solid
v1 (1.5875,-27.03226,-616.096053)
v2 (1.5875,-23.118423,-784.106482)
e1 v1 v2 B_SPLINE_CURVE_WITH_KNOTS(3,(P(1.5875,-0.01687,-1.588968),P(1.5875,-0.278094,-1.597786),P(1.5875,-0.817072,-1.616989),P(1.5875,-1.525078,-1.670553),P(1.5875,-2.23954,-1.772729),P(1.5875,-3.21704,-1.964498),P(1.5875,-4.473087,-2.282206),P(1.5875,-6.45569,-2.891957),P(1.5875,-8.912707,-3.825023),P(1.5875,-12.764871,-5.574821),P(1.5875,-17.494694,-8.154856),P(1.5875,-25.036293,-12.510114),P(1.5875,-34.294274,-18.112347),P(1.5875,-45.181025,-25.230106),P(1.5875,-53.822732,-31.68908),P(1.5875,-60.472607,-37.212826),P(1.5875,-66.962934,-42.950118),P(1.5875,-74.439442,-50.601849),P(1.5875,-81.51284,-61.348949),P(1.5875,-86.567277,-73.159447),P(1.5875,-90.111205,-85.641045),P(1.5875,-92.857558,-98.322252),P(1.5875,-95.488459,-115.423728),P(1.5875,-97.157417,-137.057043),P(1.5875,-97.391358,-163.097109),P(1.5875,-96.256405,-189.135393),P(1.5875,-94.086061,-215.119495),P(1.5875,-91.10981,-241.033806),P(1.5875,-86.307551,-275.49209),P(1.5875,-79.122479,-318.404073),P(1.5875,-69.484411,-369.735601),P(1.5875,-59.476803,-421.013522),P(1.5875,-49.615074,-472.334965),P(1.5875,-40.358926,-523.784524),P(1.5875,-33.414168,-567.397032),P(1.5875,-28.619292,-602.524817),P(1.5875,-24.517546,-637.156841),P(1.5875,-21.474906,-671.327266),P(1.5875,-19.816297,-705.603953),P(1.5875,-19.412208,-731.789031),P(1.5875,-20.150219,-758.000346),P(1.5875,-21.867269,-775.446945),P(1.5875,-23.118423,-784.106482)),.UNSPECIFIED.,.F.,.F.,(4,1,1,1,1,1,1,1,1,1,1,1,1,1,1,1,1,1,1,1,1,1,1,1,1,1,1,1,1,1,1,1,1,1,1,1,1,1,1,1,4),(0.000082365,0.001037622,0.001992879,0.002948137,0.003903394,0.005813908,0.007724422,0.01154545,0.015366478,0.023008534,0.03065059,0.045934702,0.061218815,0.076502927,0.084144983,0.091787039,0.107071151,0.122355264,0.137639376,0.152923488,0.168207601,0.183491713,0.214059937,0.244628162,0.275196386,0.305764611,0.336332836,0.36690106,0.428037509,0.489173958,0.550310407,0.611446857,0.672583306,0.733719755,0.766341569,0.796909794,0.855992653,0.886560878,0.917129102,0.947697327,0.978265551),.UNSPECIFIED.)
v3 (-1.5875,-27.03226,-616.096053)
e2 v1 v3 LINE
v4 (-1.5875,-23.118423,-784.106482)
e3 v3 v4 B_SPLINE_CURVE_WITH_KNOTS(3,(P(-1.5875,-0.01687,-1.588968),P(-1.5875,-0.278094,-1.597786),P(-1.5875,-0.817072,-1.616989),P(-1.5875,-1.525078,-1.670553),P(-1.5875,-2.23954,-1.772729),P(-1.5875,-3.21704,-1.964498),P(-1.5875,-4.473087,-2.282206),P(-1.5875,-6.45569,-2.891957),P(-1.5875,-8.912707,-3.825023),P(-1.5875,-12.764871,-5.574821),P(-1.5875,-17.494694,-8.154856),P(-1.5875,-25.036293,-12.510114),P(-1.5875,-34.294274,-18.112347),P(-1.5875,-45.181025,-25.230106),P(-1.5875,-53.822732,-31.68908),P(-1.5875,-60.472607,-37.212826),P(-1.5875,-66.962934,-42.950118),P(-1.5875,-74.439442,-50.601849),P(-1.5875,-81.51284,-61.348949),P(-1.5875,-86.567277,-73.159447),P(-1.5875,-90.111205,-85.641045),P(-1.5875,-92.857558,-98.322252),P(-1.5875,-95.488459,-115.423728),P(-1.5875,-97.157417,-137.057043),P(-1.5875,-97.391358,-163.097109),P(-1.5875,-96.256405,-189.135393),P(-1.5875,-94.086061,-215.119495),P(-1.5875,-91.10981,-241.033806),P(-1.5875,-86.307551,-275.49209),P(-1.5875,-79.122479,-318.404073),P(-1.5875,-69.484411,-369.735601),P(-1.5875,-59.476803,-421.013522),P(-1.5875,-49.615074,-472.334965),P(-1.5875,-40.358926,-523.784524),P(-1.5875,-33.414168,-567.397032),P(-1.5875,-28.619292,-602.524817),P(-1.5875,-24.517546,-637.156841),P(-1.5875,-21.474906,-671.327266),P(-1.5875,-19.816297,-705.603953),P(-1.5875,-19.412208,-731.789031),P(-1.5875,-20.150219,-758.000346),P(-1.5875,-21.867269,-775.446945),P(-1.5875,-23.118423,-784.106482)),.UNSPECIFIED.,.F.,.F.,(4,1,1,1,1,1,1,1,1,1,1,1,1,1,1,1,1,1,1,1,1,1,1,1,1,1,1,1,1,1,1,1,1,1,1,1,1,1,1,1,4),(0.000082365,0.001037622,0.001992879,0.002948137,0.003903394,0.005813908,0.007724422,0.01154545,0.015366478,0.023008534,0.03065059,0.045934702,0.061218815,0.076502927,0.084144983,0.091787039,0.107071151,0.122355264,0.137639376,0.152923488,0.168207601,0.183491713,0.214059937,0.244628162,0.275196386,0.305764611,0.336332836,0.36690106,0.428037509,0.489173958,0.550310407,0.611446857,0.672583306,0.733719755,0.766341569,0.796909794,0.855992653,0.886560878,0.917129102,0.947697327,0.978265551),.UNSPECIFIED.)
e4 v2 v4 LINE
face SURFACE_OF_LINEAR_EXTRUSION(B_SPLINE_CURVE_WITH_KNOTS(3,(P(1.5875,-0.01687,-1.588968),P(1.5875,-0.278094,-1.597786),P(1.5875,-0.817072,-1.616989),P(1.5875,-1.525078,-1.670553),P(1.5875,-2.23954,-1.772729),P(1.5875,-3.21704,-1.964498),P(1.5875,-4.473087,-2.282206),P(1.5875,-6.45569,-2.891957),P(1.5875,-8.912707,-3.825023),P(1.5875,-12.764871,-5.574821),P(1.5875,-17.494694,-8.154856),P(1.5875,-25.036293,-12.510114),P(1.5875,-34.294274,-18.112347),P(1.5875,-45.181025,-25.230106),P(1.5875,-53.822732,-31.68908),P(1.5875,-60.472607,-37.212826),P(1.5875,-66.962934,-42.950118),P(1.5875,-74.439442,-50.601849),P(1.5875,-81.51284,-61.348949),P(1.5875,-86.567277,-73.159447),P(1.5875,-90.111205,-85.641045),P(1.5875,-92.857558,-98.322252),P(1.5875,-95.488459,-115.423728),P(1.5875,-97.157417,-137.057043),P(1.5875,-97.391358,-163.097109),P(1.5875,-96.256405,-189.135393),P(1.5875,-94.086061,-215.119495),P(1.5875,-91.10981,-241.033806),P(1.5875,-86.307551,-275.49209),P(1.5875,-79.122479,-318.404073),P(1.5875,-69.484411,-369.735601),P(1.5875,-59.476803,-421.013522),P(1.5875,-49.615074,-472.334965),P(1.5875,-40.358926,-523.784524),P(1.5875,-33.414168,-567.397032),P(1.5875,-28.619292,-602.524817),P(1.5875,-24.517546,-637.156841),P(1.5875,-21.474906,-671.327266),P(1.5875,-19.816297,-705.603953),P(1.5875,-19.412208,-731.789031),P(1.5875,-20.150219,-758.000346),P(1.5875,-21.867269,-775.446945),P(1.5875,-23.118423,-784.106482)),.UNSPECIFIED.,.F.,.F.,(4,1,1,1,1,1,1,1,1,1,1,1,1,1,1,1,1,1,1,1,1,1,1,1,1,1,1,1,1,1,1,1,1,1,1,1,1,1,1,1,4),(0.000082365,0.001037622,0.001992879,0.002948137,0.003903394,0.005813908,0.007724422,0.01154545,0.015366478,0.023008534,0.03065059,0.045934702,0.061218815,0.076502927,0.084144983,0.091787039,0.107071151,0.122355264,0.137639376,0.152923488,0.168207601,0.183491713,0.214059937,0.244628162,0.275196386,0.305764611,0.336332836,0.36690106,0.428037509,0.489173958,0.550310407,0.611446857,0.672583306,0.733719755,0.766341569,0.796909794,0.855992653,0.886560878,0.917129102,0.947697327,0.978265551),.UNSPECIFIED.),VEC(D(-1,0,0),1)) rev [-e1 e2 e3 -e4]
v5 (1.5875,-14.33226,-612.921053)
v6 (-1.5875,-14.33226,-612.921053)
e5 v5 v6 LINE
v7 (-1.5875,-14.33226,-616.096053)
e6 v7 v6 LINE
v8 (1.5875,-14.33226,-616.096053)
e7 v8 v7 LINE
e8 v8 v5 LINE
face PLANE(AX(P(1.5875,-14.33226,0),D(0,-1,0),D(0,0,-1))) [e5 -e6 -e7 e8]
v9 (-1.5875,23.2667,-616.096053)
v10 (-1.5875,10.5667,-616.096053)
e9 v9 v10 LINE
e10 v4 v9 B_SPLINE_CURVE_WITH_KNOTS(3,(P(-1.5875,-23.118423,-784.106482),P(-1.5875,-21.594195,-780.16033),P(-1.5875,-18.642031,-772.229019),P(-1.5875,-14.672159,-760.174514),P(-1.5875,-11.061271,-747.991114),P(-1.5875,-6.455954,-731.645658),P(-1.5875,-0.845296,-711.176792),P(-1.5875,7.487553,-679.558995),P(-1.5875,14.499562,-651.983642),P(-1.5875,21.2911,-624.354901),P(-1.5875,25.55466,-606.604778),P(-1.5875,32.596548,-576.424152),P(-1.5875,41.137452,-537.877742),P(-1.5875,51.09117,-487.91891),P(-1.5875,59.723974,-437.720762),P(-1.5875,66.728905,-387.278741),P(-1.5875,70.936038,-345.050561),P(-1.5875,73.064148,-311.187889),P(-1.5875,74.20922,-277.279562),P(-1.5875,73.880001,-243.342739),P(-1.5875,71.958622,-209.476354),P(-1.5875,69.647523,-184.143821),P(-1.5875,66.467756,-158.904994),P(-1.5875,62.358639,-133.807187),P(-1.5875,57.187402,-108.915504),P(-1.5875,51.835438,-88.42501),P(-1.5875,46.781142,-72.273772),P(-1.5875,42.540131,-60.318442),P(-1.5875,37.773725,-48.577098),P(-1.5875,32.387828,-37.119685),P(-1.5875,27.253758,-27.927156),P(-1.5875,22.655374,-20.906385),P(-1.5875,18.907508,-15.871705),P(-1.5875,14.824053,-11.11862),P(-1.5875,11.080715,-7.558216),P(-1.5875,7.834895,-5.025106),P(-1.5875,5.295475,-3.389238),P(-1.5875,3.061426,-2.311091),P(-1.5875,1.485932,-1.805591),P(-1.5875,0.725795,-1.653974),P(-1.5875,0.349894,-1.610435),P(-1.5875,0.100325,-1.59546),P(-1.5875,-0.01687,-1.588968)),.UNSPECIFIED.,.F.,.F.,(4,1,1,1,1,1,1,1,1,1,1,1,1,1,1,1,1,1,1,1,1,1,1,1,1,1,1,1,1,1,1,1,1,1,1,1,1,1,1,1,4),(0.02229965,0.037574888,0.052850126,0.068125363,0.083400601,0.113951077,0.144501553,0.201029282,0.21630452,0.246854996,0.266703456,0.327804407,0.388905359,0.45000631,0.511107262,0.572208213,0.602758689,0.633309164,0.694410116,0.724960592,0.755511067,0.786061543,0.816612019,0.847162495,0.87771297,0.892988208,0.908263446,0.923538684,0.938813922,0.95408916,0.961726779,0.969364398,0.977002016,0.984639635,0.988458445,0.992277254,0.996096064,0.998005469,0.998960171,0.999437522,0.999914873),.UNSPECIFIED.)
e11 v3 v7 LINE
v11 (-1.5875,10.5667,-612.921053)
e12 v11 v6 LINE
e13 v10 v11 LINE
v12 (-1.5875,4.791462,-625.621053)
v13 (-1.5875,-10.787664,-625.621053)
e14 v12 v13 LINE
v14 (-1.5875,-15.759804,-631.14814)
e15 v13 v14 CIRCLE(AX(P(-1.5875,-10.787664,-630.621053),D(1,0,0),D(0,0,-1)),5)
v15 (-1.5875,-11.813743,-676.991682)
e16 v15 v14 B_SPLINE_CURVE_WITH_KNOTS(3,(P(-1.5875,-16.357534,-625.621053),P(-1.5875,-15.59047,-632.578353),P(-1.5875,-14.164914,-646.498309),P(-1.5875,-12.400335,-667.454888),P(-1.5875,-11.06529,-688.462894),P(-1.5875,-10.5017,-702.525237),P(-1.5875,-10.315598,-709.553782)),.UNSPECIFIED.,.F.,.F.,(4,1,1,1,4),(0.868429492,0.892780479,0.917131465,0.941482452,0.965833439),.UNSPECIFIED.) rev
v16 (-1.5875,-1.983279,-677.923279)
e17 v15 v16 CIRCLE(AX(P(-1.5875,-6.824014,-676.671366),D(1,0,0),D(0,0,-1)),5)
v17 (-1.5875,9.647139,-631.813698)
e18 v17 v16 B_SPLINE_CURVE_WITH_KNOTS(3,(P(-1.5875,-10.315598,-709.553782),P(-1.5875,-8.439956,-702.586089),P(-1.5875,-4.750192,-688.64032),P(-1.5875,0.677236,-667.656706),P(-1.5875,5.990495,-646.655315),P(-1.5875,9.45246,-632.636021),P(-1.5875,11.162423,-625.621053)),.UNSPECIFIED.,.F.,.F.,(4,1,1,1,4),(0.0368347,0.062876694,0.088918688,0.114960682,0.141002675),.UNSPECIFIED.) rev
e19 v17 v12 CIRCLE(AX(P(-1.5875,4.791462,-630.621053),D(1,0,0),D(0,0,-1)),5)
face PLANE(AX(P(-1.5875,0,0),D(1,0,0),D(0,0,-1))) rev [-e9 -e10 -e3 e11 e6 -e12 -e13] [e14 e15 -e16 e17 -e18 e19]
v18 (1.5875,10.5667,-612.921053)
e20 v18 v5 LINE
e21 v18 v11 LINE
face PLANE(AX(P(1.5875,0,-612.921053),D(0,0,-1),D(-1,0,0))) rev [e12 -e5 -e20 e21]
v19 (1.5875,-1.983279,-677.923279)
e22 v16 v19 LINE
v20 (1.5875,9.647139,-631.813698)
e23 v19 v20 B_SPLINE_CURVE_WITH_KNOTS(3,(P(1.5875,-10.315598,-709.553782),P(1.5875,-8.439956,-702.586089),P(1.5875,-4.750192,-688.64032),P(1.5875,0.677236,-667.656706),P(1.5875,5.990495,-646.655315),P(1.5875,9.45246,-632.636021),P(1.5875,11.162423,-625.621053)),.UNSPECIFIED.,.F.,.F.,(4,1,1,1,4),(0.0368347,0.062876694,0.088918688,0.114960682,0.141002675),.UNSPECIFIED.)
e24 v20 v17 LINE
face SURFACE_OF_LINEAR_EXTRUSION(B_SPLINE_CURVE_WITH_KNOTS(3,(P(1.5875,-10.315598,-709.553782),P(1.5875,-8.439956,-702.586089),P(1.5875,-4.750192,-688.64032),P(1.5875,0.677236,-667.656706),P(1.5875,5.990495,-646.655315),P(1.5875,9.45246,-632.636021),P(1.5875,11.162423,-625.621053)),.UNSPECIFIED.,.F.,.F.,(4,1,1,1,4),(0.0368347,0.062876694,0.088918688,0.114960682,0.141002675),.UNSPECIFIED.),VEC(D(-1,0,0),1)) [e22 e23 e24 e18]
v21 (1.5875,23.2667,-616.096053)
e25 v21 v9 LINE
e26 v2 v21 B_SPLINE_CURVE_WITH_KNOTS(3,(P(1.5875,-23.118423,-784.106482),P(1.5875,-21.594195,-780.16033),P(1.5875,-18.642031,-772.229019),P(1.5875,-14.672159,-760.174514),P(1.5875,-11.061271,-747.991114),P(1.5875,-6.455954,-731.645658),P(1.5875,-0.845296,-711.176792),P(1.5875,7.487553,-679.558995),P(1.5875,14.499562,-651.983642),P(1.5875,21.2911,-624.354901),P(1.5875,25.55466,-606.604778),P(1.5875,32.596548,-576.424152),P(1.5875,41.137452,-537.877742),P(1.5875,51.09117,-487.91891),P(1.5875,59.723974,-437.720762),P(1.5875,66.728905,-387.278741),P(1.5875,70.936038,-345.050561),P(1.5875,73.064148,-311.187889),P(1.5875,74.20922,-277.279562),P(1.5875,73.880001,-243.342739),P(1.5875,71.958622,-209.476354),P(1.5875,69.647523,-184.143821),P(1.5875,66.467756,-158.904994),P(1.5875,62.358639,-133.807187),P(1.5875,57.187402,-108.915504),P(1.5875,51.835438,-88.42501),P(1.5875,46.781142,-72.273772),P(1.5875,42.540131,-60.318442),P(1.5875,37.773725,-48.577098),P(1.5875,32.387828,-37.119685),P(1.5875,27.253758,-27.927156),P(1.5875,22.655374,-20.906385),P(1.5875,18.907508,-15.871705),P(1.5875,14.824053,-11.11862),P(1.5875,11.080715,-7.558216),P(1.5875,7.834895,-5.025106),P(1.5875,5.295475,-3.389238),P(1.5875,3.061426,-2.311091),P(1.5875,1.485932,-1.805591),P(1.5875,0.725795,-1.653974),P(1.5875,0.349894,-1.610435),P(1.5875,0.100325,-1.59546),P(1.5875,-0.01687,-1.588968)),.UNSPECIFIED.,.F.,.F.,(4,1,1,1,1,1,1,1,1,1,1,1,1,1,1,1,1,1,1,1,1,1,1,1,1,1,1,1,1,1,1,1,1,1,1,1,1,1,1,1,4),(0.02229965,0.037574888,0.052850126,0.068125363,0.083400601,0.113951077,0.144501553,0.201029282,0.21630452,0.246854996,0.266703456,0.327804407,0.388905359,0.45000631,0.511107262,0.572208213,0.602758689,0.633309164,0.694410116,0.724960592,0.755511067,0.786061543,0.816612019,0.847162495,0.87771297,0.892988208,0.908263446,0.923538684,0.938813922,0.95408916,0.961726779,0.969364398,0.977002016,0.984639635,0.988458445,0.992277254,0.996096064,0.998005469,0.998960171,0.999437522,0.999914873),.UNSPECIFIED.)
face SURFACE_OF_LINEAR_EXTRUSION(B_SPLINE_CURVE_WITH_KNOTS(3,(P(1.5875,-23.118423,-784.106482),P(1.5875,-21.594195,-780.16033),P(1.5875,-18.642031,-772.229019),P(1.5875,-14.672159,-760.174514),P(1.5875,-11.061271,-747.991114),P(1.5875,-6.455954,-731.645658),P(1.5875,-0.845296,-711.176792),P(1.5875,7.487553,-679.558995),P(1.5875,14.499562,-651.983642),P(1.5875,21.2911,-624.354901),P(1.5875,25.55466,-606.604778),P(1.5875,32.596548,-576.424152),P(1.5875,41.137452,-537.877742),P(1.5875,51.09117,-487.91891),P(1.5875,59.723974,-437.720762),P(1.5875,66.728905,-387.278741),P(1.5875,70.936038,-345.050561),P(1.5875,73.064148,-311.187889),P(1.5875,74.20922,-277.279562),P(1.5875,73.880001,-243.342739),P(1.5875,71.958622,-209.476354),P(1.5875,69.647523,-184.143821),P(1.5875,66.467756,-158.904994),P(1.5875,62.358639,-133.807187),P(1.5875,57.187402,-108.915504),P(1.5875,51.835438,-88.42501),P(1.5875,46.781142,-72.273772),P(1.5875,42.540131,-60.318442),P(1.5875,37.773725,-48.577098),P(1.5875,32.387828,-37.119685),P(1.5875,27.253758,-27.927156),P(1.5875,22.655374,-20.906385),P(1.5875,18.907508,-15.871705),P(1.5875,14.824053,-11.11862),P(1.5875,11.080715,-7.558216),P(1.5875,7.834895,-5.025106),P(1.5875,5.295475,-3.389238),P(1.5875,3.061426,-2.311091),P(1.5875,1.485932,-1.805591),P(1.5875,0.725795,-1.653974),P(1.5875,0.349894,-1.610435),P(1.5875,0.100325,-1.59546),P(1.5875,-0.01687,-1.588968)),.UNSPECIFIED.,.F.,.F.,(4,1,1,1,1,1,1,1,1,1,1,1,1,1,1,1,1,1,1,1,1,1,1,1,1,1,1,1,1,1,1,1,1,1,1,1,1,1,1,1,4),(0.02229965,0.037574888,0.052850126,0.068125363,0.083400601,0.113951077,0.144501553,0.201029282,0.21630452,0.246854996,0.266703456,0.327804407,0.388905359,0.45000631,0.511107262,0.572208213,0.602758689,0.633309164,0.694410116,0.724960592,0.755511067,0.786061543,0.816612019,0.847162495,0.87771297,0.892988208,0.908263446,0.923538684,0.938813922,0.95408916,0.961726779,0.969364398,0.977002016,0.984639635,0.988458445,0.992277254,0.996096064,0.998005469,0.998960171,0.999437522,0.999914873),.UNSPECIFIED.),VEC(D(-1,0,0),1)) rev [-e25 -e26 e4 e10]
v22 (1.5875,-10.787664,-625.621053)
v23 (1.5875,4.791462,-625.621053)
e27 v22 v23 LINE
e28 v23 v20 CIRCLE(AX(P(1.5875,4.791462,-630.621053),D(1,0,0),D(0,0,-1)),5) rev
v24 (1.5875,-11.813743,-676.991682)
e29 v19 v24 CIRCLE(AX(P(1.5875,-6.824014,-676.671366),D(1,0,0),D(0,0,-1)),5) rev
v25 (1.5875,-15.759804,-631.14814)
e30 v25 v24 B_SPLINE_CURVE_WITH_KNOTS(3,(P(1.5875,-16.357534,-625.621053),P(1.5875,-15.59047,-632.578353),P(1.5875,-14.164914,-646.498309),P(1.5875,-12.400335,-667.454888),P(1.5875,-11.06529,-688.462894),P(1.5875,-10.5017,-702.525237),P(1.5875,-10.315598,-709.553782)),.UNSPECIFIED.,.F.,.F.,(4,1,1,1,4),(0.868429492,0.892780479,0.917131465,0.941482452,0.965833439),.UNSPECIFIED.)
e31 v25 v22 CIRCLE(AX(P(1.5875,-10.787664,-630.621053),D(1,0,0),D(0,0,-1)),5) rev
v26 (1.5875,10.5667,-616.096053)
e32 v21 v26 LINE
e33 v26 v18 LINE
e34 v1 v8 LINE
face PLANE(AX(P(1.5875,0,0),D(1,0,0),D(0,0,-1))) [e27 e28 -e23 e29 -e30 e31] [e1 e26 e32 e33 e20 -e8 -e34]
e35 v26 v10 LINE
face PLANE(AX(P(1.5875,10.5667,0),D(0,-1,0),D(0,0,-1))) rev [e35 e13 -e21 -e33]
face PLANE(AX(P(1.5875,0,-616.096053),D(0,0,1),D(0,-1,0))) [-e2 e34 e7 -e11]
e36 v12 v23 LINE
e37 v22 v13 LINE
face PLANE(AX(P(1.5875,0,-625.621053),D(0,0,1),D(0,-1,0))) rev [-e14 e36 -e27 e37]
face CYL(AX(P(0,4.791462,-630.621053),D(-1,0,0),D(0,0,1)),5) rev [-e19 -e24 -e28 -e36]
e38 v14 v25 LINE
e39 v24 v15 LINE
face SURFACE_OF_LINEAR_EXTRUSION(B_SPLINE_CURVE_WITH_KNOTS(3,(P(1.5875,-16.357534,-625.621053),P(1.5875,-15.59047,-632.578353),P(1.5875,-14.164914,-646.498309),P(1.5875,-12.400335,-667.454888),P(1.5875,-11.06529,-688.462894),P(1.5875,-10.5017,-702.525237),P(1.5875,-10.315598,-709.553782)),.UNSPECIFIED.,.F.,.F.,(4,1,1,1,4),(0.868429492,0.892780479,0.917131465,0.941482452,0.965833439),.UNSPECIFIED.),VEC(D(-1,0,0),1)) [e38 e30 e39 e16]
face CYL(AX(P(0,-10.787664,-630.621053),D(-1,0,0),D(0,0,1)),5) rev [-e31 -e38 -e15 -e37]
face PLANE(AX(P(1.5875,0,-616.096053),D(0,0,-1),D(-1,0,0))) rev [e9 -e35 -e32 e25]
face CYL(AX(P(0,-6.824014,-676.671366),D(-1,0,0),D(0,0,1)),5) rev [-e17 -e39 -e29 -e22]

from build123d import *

# Parameters (mm, degrees)
BOSS_EXTRUDE1_DEPTH     = 1.5875
CUT_EXTRUDE2_DEPTH      = 785.578740099
CUT_EXTRUDE2_DEPTH_BACK = 785.578740099
FILLET2_R               = 5


with BuildPart() as part:
    # Sketch1 → Boss-Extrude1 (new, symmetric)
    with BuildSketch(Plane(origin=(0, 0, 0), x_dir=(0, 0, -1), z_dir=(1, 0, 0))):
        with BuildLine():
            add(Edge.make_bspline(
                [(784.106482277, -23.118423177), (780.160330067, -21.594194865), (772.229019431, -18.642031364), (760.174514143, -14.672159257), (747.991113763, -11.061270892), (731.645658465, -6.455954447), (711.176791695, -0.845295729), (679.558994763, 7.487552705), (651.983641844, 14.499561744), (628.478216713, 20.27753038), (620.224641654, 22.275465986), (616.096053399, 23.266700138)],
                knots=[0.02229965, 0.02229965, 0.02229965, 0.02229965, 0.037574888, 0.052850126, 0.068125363, 0.083400601, 0.113951077, 0.144501553, 0.201029282, 0.21630452, 0.231579758, 0.231579758, 0.231579758, 0.231579758], degree=3))
            Line((616.096053399, 23.266700138), (616.096053399, 10.566700138))
            Line((616.096053399, 10.566700138), (612.921053399, 10.566700138))
            Line((612.921053399, 10.566700138), (612.921053399, -14.332259955))
            Line((612.921053399, -14.332259955), (616.096053399, -14.332259955))
            Line((616.096053399, -14.332259955), (616.096053399, -27.032259955))
            add(Edge.make_bspline(
                [(616.096053399, -27.032259955), (620.425080515, -26.520992099), (641.501106895, -24.130719251), (671.327266418, -21.474905507), (705.603952791, -19.816296976), (731.789031329, -19.412207677), (758.000345874, -20.150218902), (775.446944988, -21.867269156), (784.106482277, -23.118423177)],
                knots=[0.781625681, 0.781625681, 0.781625681, 0.781625681, 0.796909794, 0.855992653, 0.886560878, 0.917129102, 0.947697327, 0.978265551, 0.978265551, 0.978265551, 0.978265551], degree=3))
        make_face()
    extrude(amount=BOSS_EXTRUDE1_DEPTH, both=True)

    # Sketch3 → Cut-Extrude2 (cut, two sides: drawn at the far end of the back side and taken through both)
    with BuildSketch(Plane.ZY.offset(1.5875).offset(-CUT_EXTRUDE2_DEPTH_BACK)):
        with BuildLine():
            add(Edge.make_bspline(
                [(-709.553781789, -10.315598481), (-702.586088902, -8.439955555), (-688.640319728, -4.750192135), (-667.656705928, 0.677236447), (-646.655315148, 5.990494954), (-632.636020902, 9.452460216), (-625.621053399, 11.162422894)],
                knots=[0.0368347, 0.0368347, 0.0368347, 0.0368347, 0.062876694, 0.088918688, 0.114960682, 0.141002675, 0.141002675, 0.141002675, 0.141002675], degree=3))
            Line((-625.621053399, 11.162422894), (-625.621053399, 10.566700138))
            Line((-625.621053399, 10.566700138), (-625.621053399, -14.332259955))
            Line((-625.621053399, -14.332259955), (-625.621053399, -16.357533681))
            add(Edge.make_bspline(
                [(-625.621053399, -16.357533681), (-632.578353092, -15.590470377), (-646.498309301, -14.164913642), (-667.45488798, -12.400335024), (-688.462893644, -11.065289582), (-702.525237077, -10.501699929), (-709.553781789, -10.315598481)],
                knots=[0.868429492, 0.868429492, 0.868429492, 0.868429492, 0.892780479, 0.917131465, 0.941482452, 0.965833439, 0.965833439, 0.965833439, 0.965833439], degree=3))
        make_face()
    extrude(amount=CUT_EXTRUDE2_DEPTH + CUT_EXTRUDE2_DEPTH_BACK, mode=Mode.SUBTRACT)

    # Fillet2
    fillet2_edges = [part.edges().sort_by_distance(p)[0] for p in [
        (0, 11.162422894, -625.621053399),
        (0, -16.357533681, -625.621053399),
        (0, -10.315598481, -709.553781789),
    ]]
    fillet(fillet2_edges, radius=FILLET2_R)


solid = part.part
